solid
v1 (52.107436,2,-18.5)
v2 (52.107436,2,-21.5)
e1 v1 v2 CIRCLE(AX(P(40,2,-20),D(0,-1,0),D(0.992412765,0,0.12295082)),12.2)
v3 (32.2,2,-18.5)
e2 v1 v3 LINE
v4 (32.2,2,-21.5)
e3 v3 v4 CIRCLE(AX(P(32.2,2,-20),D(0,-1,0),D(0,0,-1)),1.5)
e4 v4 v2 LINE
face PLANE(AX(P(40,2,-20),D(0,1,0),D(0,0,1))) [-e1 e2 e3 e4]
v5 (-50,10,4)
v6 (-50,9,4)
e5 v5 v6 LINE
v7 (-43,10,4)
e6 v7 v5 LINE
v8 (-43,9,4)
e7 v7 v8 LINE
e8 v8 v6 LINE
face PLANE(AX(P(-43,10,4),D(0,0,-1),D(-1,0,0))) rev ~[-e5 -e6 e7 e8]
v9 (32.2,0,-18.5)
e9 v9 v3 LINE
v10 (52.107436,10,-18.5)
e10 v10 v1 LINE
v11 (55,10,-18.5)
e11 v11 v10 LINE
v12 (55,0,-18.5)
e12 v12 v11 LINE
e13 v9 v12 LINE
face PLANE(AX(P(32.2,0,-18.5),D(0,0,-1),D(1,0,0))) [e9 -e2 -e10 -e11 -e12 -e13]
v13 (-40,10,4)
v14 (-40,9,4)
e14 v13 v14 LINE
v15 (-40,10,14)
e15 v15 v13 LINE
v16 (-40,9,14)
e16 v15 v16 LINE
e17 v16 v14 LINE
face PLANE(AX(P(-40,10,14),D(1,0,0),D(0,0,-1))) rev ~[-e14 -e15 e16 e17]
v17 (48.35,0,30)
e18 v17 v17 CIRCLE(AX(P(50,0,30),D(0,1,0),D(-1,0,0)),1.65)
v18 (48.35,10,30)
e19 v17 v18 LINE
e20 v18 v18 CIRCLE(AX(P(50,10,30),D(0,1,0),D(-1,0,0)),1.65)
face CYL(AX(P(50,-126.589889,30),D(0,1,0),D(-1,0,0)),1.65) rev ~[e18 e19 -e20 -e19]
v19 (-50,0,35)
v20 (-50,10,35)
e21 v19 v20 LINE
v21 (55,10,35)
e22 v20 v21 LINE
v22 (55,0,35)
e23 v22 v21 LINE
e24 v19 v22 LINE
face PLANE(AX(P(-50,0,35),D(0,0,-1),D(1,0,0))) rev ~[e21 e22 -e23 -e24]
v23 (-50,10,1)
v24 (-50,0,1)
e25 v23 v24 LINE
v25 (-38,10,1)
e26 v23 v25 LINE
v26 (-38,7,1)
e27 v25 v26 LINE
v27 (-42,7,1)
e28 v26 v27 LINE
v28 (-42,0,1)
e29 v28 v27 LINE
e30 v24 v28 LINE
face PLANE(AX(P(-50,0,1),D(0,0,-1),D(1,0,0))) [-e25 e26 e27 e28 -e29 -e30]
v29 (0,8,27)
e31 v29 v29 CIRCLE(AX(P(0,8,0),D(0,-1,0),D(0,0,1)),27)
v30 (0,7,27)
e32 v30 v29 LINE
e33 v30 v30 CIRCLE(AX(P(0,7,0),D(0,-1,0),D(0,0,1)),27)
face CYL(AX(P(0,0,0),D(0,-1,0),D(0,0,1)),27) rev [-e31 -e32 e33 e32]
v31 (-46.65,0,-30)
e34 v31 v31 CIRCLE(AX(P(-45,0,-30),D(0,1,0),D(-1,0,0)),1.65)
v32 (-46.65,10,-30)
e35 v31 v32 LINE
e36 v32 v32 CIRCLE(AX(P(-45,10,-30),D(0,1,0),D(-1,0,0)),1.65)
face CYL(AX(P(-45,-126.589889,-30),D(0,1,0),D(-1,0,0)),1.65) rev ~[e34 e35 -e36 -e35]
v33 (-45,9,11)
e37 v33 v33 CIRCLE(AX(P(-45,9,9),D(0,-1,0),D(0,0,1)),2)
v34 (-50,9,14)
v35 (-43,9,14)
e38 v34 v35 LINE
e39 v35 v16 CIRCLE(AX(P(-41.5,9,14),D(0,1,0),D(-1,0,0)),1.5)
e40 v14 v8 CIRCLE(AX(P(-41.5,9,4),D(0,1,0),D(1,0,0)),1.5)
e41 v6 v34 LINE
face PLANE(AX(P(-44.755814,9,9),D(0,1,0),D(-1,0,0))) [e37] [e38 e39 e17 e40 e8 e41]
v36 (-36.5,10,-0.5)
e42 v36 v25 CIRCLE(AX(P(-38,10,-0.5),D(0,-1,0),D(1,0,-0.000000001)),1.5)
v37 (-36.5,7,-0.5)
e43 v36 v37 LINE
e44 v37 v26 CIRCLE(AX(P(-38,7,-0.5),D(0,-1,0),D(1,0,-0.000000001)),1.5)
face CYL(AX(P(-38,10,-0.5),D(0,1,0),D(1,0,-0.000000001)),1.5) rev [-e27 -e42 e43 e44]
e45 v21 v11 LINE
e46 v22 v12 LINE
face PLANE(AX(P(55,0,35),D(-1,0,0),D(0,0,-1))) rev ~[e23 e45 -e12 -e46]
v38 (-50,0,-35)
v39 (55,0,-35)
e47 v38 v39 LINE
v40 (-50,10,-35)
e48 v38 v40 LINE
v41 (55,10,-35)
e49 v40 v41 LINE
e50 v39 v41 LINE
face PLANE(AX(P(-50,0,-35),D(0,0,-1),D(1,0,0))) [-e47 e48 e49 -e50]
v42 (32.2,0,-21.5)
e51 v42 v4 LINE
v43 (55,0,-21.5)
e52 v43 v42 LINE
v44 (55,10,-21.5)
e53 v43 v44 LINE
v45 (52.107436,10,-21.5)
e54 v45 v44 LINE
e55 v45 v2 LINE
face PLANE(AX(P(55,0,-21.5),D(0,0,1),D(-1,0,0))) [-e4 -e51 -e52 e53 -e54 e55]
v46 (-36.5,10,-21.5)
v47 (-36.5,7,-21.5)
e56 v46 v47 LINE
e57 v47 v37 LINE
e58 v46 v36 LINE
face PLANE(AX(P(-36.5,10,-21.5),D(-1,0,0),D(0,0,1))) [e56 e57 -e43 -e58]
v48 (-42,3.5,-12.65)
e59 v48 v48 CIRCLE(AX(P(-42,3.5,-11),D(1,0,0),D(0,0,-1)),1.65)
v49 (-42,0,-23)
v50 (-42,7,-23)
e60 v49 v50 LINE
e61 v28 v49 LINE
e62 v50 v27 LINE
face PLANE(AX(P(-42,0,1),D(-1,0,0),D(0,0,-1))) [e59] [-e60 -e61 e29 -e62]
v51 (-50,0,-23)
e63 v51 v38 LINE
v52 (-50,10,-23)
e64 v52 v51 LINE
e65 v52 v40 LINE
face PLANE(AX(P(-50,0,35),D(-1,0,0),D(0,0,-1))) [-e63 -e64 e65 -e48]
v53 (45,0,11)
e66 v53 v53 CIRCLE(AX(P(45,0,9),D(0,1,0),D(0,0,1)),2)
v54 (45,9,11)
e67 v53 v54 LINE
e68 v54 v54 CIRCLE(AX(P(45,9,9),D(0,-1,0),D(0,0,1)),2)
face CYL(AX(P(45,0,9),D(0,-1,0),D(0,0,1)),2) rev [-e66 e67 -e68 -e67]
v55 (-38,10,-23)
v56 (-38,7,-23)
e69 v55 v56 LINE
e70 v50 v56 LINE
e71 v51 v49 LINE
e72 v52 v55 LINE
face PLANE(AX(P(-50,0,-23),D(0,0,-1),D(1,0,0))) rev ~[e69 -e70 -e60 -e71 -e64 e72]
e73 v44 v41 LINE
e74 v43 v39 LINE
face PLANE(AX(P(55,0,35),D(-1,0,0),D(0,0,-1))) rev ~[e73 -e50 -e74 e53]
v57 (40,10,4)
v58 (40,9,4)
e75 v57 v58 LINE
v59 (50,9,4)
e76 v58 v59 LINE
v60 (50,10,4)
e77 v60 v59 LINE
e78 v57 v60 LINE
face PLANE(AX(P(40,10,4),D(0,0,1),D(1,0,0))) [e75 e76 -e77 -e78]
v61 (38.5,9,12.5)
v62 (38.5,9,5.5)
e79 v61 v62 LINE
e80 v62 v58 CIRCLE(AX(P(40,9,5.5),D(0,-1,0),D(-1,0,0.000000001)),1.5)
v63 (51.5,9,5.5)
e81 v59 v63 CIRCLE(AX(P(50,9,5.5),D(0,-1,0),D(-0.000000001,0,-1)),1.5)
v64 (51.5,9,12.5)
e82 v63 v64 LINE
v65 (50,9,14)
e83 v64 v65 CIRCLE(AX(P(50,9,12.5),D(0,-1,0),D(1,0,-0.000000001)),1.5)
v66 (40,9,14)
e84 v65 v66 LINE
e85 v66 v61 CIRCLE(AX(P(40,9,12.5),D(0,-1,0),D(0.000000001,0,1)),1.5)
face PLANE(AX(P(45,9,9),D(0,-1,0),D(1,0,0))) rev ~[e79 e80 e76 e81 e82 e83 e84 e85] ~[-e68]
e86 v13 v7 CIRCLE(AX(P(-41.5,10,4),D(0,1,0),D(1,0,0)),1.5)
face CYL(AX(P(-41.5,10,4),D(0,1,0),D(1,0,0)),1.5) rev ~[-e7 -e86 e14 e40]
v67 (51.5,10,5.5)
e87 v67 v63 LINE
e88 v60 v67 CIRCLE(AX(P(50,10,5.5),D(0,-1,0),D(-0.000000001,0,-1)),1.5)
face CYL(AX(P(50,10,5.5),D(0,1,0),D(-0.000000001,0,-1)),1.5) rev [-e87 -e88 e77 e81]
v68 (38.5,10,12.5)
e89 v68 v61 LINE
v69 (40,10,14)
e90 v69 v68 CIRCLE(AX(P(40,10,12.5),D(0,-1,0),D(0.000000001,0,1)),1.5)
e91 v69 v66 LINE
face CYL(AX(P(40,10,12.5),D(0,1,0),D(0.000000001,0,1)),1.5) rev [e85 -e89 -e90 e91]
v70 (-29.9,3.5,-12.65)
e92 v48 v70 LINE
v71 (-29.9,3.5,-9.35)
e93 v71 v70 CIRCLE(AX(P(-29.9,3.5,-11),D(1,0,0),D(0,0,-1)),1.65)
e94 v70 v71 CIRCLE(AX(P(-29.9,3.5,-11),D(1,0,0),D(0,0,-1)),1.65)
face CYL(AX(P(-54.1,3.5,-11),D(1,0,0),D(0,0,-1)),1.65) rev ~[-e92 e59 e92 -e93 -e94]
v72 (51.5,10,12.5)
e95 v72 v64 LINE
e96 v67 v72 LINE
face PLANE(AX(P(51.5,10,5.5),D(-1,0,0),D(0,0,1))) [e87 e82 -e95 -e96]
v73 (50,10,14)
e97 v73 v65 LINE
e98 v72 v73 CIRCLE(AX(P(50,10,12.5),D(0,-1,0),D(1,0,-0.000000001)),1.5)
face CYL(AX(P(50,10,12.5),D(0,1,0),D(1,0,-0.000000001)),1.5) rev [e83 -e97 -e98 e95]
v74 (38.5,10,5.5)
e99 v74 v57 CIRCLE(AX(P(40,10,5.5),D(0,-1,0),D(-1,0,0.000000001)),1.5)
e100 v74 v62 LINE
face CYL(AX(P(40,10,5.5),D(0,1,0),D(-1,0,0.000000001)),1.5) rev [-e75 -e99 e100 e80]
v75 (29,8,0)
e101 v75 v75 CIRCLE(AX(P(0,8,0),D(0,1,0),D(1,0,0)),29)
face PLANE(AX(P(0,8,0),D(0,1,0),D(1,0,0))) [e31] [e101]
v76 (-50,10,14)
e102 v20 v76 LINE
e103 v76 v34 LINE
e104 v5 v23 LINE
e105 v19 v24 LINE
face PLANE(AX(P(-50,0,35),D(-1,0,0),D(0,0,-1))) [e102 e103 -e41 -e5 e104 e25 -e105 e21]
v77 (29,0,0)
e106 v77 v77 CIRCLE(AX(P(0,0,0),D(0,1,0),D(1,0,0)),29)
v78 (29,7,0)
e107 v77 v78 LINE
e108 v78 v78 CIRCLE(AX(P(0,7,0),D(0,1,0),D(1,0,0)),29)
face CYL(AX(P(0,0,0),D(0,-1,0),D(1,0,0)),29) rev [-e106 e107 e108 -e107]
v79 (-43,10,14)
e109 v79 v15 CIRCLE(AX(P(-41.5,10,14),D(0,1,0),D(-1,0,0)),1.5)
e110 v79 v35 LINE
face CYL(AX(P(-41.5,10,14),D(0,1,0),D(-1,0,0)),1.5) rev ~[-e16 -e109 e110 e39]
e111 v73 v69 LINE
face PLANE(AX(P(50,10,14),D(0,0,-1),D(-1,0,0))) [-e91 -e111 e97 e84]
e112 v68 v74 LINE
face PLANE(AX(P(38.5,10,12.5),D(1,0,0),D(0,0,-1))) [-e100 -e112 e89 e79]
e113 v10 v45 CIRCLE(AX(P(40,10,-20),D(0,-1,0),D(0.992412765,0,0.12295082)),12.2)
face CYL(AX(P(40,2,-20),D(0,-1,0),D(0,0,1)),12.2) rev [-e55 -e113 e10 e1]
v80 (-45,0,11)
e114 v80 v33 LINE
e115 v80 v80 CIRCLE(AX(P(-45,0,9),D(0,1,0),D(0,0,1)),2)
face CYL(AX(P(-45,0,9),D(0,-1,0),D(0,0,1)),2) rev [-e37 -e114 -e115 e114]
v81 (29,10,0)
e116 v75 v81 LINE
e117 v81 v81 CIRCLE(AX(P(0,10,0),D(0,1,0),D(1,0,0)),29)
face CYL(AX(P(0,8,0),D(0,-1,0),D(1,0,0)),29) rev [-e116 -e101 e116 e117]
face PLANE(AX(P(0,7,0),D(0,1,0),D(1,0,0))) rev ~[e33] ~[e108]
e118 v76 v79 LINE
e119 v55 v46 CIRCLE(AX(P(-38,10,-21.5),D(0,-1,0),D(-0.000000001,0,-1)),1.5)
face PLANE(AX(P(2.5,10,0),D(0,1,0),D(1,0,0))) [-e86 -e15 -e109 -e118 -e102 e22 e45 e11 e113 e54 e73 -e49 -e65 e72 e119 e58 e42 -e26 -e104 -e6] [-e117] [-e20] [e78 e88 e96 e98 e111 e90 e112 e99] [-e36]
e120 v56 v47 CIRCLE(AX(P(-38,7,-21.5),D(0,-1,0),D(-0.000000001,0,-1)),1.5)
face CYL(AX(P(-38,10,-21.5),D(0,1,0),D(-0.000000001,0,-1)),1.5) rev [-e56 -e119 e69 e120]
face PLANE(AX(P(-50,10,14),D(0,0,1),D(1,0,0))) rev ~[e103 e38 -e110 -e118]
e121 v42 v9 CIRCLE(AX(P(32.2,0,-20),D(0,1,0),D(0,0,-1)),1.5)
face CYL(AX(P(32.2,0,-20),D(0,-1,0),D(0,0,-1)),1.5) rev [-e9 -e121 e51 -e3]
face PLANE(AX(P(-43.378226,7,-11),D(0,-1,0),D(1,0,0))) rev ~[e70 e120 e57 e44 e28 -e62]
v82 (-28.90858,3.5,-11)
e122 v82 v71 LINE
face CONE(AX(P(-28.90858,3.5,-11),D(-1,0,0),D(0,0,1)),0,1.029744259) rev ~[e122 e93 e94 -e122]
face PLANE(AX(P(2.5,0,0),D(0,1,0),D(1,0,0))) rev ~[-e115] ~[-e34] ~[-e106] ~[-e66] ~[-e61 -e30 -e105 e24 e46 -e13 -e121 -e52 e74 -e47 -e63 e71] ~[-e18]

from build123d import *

# Parameters (mm, degrees)
ESQUISSE1_W               = 105
ESQUISSE1_H               = 70
ESQUISSE1_R               = 27
EXTRUSION1_DEPTH          = 10
ENL_V_START               = -8
ESQUISSE2_R               = 12.2
ENL_V_MAT_EXTRU_1_DEPTH   = 8
ESQUISSE3_R               = 2
ENL_V_MAT_EXTRU_2_DEPTH   = 66.954529791
ENL_V_MAT_EXTRU_3_DEPTH   = 1
ESQUISSE5_R               = 29
ENL_V_MAT_EXTRU_4_DEPTH   = 7
ENL_V_START_2             = -2
ESQUISSE6_R               = 29
ENL_V_MAT_EXTRU_6_DEPTH   = 2
ENL_V_MAT_EXTRU_7_REACH   = 67.955
ESQUISSE7_W               = 8
ESQUISSE7_H               = 24
ENL_V_MAT_EXTRU_8_DEPTH   = 3
TROU_TARAUD_M4X0_71_D     = 3.3
TROU_TARAUD_M4X0_71_DEPTH = 12.1
TROU_TARAUD_M4X0_71_TIP   = 0.991420021
TROU_TARAUD_M4X0_72_D     = 3.3


with BuildPart() as part:
    # Esquisse1 → Extrusion1 (new body)
    with BuildSketch(Plane(origin=(0, 0, 0), x_dir=(1, 0, 0), z_dir=(0, 1, 0))):
        with Locations((2.5, 0)):
            Rectangle(ESQUISSE1_W, ESQUISSE1_H)
        with Locations(Location((0, 0, 0), (0, 0, 270))):
            Circle(ESQUISSE1_R, mode=Mode.SUBTRACT)
    extrude(amount=EXTRUSION1_DEPTH)

    # Esquisse2 → Enlèv. mat.-Extru.1 (cut)
    with BuildSketch(Plane(origin=(0, 10, 0), x_dir=(-1, 0, 0), z_dir=(0, 1, 0)).offset(ENL_V_START)):
        with Locations(Location((-40, -20, 0), (0, 0, 90))):
            Circle(ESQUISSE2_R)
    extrude(amount=ENL_V_MAT_EXTRU_1_DEPTH, mode=Mode.SUBTRACT)

    # Esquisse3 → Enlèv. mat.-Extru.2 (cut, through all)
    with BuildSketch(Plane(origin=(0, 0, 0), x_dir=(1, 0, 0), z_dir=(0, 1, 0))):
        with Locations(Location((45, -9, 0), (0, 0, 270))):
            Circle(ESQUISSE3_R)
        with Locations(Location((-45, -9, 0), (0, 0, 270))):
            Circle(ESQUISSE3_R)
        with BuildLine():
            Line((32.2, 18.5), (55, 18.5))
            Line((55, 18.5), (55, 21.5))
            Line((55, 21.5), (32.2, 21.5))
            ThreePointArc((32.2, 21.5), (30.7, 20), (32.2, 18.5))
        make_face()
    extrude(amount=ENL_V_MAT_EXTRU_2_DEPTH, mode=Mode.SUBTRACT)

    # Esquisse4 → Enlèv. mat.-Extru.3 (cut)
    with BuildSketch(Plane(origin=(0, 10, 0), x_dir=(-1, 0, 0), z_dir=(0, 1, 0))):
        with BuildLine():
            Line((-50, 14), (-40, 14))
            ThreePointArc((-40, 14), (-38.939339828, 13.560660172), (-38.5, 12.5))
            Line((-38.5, 12.5), (-38.5, 5.5))
            ThreePointArc((-38.5, 5.5), (-38.939339828, 4.439339828), (-40, 4))
            Line((-40, 4), (-50, 4))
            ThreePointArc((-50, 4), (-51.060660172, 4.439339828), (-51.5, 5.5))
            Line((-51.5, 5.5), (-51.5, 12.5))
            ThreePointArc((-51.5, 12.5), (-51.060660172, 13.560660172), (-50, 14))
        make_face()
        with BuildLine():
            Line((50, 14), (43, 14))
            ThreePointArc((43, 14), (41.5, 15.5), (40, 14))
            Line((40, 14), (40, 4))
            ThreePointArc((40, 4), (41.5, 2.5), (43, 4))
            Line((43, 4), (50, 4))
            Line((50, 4), (50, 14))
        make_face()
    extrude(amount=-ENL_V_MAT_EXTRU_3_DEPTH, mode=Mode.SUBTRACT)

    # Esquisse5 → Enlèv. mat.-Extru.4 (cut)
    with BuildSketch(Plane(origin=(0, 0, 0), x_dir=(1, 0, 0), z_dir=(0, 1, 0))):
        Circle(ESQUISSE5_R)
    extrude(amount=ENL_V_MAT_EXTRU_4_DEPTH, mode=Mode.SUBTRACT)

    # Esquisse6 → Enlèv. mat.-Extru.6 (cut)
    with BuildSketch(Plane(origin=(0, 10, 0), x_dir=(-1, 0, 0), z_dir=(0, 1, 0)).offset(ENL_V_START_2)):
        with Locations(Location((0, 0, 0), (0, 0, 180))):
            Circle(ESQUISSE6_R)
    extrude(amount=ENL_V_MAT_EXTRU_6_DEPTH, mode=Mode.SUBTRACT)

    # Esquisse7 → Enlèv. mat.-Extru.7 (cut, up to next)
    with BuildSketch(Plane(origin=(0, 0, 0), x_dir=(1, 0, 0), z_dir=(0, 1, 0)), mode=Mode.PRIVATE) as enl_v_mat_extru_7_sk1:
        with Locations((-46, 11)):
            Rectangle(ESQUISSE7_W, ESQUISSE7_H)
    enl_v_mat_extru_7_tool1 = extrude(enl_v_mat_extru_7_sk1.sketch, amount=ENL_V_MAT_EXTRU_7_REACH, mode=Mode.PRIVATE) & part.part
    add(enl_v_mat_extru_7_tool1.solids().sort_by_distance((-46, 0, -11))[0], mode=Mode.SUBTRACT)

    # Esquisse8 → Enlèv. mat.-Extru.8 (cut)
    with BuildSketch(Plane(origin=(0, 10, 0), x_dir=(-1, 0, 0), z_dir=(0, 1, 0))):
        with BuildLine():
            Line((50, -23), (38, -23))
            ThreePointArc((38, -23), (36.939339828, -22.560660172), (36.5, -21.5))
            Line((36.5, -21.5), (36.5, -0.5))
            ThreePointArc((36.5, -0.5), (36.939339828, 0.560660172), (38, 1))
            Line((38, 1), (50, 1))
            Line((50, 1), (50, -23))
        make_face()
    extrude(amount=-ENL_V_MAT_EXTRU_8_DEPTH, mode=Mode.SUBTRACT)

    # Trou taraudé M4x0.71
    with Locations(Plane.ZY.offset(42)):
        with Locations((-11, 3.5)):
            Hole(TROU_TARAUD_M4X0_71_D / 2, depth=TROU_TARAUD_M4X0_71_DEPTH)
            with Locations((0, 0, -(TROU_TARAUD_M4X0_71_DEPTH + TROU_TARAUD_M4X0_71_TIP / 2))):  # 118° drill point
                Cone(0, TROU_TARAUD_M4X0_71_D / 2, TROU_TARAUD_M4X0_71_TIP, mode=Mode.SUBTRACT)

    # Trou taraudé M4x0.72 (through all)
    with Locations(Plane.XZ):
        with Locations((-45, -30), (50, 30)):
            Hole(TROU_TARAUD_M4X0_72_D / 2)


solid = part.part
